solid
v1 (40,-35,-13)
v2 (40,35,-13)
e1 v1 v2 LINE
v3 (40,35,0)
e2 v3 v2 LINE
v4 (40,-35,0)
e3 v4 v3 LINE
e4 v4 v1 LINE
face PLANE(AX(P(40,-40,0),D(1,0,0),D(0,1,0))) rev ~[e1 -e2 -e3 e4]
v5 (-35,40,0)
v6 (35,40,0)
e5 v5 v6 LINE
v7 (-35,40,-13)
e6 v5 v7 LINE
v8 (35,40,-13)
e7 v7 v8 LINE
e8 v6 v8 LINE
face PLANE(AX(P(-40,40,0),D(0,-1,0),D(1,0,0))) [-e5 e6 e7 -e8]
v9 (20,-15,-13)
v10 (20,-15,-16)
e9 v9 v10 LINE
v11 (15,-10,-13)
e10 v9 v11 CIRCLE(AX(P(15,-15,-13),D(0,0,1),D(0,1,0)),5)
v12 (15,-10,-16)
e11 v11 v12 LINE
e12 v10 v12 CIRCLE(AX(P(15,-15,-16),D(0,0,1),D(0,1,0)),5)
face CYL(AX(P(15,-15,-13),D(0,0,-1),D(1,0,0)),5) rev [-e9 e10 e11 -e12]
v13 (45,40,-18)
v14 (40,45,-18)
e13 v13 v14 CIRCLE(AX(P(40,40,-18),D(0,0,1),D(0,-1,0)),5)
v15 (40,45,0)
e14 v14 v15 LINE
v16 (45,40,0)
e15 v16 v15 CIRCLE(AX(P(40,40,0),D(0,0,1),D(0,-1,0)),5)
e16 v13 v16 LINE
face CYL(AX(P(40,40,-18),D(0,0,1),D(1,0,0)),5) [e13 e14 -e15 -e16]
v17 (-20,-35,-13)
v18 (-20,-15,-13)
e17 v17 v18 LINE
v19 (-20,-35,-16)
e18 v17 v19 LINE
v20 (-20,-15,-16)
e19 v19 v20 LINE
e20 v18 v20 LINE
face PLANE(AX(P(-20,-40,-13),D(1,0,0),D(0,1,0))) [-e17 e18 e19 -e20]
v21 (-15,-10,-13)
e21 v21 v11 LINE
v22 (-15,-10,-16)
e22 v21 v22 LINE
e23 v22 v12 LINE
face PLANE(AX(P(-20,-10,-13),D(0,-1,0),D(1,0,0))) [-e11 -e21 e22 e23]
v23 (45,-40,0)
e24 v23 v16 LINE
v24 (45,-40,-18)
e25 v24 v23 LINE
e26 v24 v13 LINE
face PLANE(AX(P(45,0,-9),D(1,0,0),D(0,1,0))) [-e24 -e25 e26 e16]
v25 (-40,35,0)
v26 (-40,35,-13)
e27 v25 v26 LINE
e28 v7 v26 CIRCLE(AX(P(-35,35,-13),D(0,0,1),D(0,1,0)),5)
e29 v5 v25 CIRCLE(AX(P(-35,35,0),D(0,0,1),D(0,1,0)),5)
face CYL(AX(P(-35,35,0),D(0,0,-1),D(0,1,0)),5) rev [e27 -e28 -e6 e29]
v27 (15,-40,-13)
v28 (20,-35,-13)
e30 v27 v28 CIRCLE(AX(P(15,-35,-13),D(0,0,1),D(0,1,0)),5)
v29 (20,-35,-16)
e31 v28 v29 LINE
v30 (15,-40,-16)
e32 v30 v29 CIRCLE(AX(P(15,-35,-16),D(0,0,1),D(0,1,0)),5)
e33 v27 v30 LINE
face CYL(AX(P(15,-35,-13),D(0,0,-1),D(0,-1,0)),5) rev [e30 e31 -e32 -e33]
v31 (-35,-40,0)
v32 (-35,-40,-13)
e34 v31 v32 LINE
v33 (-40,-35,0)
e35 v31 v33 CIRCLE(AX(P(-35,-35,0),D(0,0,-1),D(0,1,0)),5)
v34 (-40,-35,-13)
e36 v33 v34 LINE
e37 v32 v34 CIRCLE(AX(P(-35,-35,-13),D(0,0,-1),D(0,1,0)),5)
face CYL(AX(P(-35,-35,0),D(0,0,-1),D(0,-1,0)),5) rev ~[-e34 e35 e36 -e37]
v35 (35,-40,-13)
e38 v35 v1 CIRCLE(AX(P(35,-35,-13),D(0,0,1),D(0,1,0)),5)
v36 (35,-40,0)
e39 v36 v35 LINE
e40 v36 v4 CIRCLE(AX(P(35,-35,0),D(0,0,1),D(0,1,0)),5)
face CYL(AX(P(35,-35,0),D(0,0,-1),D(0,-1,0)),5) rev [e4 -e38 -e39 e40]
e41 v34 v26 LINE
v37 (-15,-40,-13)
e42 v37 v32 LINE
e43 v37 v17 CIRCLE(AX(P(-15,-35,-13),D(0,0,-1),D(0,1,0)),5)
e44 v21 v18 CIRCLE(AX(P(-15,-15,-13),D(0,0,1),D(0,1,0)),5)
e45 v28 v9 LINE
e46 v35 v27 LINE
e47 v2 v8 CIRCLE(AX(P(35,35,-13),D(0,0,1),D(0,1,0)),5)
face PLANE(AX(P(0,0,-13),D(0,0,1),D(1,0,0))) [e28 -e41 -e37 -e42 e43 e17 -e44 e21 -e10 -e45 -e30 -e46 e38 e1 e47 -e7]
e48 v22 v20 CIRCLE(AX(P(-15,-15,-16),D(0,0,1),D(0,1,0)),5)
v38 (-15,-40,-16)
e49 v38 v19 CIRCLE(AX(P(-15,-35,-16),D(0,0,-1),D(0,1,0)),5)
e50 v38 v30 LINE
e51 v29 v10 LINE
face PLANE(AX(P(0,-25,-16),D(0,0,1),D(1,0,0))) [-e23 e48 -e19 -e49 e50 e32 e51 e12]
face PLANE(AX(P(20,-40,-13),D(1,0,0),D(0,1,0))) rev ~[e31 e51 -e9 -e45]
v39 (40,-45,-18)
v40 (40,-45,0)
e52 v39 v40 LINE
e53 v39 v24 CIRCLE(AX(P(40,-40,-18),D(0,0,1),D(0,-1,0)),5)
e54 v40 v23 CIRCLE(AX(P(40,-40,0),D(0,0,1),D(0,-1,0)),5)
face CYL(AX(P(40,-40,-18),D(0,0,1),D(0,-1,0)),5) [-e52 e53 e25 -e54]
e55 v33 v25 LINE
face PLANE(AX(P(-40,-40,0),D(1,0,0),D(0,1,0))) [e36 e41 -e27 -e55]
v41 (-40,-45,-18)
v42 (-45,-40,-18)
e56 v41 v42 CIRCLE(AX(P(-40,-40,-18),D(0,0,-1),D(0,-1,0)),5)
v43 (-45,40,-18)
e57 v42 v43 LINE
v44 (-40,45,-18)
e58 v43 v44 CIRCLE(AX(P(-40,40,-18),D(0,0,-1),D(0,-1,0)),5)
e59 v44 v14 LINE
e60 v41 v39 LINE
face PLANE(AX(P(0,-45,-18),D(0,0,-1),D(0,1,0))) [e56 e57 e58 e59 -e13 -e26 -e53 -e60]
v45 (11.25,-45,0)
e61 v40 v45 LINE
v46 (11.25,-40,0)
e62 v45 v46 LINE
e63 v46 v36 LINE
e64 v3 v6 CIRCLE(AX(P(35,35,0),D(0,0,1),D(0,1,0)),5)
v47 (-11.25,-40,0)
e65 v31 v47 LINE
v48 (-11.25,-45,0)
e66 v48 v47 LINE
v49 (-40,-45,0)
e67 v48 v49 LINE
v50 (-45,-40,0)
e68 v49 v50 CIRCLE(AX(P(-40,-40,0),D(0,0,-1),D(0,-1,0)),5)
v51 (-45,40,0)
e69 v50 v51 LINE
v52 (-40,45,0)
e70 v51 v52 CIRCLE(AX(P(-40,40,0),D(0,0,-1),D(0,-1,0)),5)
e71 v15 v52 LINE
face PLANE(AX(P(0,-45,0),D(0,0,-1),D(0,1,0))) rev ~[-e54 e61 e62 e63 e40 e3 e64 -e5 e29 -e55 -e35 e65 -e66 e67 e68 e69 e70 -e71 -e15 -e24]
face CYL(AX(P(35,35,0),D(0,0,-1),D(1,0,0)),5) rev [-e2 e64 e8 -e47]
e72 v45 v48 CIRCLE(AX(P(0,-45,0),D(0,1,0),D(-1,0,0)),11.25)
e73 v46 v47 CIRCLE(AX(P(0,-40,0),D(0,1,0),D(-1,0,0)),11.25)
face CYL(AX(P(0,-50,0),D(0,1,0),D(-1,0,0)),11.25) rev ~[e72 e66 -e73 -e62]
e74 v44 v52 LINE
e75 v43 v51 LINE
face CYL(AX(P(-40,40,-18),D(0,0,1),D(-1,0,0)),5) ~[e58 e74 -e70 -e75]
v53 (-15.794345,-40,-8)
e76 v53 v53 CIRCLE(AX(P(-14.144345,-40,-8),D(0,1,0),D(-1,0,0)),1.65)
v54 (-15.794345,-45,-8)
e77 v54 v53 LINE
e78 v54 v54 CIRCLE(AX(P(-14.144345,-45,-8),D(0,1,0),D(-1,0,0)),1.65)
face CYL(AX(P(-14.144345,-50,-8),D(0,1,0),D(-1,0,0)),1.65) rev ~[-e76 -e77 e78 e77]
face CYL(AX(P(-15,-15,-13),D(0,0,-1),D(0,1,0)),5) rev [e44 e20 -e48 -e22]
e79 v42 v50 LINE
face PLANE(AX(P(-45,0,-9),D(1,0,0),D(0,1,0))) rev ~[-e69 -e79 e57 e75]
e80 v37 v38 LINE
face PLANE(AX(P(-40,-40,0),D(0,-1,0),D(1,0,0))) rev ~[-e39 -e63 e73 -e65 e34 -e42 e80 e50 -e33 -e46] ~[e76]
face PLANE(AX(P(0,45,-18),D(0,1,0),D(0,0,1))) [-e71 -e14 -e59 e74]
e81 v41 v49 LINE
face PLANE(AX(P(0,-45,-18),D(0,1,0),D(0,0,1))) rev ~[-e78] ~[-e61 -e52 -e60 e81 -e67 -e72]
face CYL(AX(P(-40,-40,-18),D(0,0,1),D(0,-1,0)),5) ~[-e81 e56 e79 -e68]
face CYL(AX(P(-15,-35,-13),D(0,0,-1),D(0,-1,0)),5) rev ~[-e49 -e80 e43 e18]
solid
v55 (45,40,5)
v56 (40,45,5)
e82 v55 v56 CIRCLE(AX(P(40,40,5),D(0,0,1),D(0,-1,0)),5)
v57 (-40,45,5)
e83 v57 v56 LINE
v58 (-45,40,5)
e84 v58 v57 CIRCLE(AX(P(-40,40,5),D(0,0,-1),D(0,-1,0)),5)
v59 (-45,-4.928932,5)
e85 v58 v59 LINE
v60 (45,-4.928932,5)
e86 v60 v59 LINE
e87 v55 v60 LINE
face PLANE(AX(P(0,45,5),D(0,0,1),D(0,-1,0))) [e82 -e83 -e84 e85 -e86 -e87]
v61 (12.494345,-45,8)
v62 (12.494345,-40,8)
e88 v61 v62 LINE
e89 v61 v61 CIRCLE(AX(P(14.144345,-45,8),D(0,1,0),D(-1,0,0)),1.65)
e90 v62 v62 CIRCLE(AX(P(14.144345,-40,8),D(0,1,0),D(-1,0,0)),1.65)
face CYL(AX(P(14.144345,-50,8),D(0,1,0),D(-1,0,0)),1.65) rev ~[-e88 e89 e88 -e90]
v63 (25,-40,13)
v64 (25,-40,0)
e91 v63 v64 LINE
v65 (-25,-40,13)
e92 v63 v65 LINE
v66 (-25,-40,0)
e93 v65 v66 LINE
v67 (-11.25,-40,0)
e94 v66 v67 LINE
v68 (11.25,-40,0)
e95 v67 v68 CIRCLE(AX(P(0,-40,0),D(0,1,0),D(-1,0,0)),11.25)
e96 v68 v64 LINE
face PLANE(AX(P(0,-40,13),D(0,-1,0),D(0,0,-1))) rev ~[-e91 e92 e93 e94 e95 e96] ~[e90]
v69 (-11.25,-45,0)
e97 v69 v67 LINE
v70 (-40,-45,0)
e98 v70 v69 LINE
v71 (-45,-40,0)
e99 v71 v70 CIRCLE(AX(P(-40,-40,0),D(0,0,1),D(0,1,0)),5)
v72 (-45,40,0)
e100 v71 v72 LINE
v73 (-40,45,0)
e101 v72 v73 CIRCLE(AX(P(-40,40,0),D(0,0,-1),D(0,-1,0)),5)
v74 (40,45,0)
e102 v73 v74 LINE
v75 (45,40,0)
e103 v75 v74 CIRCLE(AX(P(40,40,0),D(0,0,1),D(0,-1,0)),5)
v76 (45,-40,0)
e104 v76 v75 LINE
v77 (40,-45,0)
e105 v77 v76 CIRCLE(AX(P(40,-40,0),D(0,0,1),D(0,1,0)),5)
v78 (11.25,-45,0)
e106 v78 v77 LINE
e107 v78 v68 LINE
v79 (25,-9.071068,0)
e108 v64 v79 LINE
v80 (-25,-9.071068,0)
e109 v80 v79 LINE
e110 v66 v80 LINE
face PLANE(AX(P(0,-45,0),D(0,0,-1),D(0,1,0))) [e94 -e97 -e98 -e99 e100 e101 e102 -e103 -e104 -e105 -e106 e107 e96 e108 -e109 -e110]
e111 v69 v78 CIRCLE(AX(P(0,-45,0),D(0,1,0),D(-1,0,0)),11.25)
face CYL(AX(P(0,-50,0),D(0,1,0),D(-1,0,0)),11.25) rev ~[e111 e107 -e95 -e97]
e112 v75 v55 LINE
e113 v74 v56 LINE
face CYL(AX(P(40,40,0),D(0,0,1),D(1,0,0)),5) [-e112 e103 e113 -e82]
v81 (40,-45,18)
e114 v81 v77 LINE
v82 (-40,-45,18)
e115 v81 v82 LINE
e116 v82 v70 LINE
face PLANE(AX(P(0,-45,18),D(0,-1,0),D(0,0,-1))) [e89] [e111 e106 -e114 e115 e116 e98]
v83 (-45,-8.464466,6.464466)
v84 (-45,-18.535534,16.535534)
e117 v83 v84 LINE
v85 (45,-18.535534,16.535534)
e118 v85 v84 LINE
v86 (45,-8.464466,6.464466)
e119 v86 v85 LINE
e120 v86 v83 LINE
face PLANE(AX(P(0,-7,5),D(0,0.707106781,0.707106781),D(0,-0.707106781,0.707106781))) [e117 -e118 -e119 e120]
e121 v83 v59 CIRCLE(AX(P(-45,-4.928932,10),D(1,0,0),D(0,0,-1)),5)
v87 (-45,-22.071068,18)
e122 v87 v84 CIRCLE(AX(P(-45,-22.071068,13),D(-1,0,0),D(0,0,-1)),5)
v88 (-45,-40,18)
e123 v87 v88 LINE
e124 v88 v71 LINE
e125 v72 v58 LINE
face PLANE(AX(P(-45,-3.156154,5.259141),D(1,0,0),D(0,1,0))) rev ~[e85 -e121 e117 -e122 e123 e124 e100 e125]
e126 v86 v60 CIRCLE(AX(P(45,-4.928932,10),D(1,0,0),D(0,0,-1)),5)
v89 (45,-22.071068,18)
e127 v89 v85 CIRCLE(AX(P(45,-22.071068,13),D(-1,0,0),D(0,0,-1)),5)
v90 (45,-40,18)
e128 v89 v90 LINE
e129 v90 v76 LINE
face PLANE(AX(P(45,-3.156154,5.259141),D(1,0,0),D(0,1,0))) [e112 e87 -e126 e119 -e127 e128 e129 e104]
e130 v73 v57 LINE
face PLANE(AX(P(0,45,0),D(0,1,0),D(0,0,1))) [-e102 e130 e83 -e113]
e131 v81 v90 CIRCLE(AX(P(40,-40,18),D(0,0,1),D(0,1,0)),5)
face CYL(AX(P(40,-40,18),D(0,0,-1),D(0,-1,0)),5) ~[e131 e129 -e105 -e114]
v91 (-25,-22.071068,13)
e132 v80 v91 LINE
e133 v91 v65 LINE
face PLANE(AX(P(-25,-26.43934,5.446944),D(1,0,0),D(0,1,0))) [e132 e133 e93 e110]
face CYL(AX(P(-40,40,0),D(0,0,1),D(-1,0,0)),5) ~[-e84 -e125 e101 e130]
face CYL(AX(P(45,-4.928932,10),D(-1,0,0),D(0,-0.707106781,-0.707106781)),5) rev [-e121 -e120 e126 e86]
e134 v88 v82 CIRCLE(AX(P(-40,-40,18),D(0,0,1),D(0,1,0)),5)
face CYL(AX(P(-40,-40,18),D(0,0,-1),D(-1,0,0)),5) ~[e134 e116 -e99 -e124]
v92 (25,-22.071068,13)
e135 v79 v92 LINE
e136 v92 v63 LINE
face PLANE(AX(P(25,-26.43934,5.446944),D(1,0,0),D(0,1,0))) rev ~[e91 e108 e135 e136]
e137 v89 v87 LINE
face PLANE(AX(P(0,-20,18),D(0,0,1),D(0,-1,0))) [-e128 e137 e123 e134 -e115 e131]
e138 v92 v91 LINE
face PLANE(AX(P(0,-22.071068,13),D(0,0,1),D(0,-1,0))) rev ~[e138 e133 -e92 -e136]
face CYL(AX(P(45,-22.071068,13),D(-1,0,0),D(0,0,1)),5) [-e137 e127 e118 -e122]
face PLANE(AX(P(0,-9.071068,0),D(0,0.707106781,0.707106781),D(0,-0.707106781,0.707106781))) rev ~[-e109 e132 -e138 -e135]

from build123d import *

# Parameters (mm, degrees)
F0_W        = 90
F0_H        = 18
F1_DEPTH    = 45
F3_DEPTH    = 45
F4_W        = 80
F4_H        = 80
F5_DEPTH    = 13
F6_W        = 40
F6_H        = 30
F7_DEPTH    = 3
F9_D        = 22.5
F9_DEPTH    = 5
F9_TIP      = 6.7596819641
F9_2_D      = 22.5
F9_2_DEPTH  = 5
F9_2_TIP    = 6.7596819641
F11_DEPTH   = 25
F12_R       = 5
F13_R       = 5
F13_2_R     = 5
F14_D       = 3.3
F14_DEPTH   = 5
F14_TIP     = 0.9914200214
F14_2_D     = 3.3
F14_2_DEPTH = 5
F14_2_TIP   = 0.9914200214
F15_R       = 5


with BuildPart() as f1:
    # F0 (on Right) → F1 (new body, symmetric)
    with BuildSketch(Plane.YZ):
        with Locations((0, -9)):
            Rectangle(F0_W, F0_H)
    extrude(amount=F1_DEPTH, both=True)

    # F4 (on face) → F5 (cut)
    with BuildSketch(Plane.XY):
        Rectangle(F4_W, F4_H)
    extrude(amount=-F5_DEPTH, mode=Mode.SUBTRACT)

    # F6 (on face) → F7 (cut)
    with BuildSketch(Plane.XY.offset(-13)):
        with Locations((0, -25)):
            Rectangle(F6_W, F6_H)
    extrude(amount=-F7_DEPTH, mode=Mode.SUBTRACT)

    # F9
    with Locations(Plane.XZ.offset(45)):
        with Locations((0, 0)):
            Hole(F9_D / 2, depth=F9_DEPTH)
            with Locations((0, 0, -(F9_DEPTH + F9_TIP / 2))):  # 118° drill point
                Cone(0, F9_D / 2, F9_TIP, mode=Mode.SUBTRACT)

    # F13#2
    f13_2_edges = [f1.edges().sort_by_distance(p)[0] for p in [
        (45, -45, -9),
        (45, 45, -9),
        (-45, 45, -9),
        (-45, -45, -9),
    ]]
    fillet(f13_2_edges, radius=F13_2_R)

    # F14
    with Locations(Plane.XZ.offset(45)):
        with Locations((-14.1443451598, -8), (14.1443451598, 8)):
            Hole(F14_D / 2, depth=F14_DEPTH)
            with Locations((0, 0, -(F14_DEPTH + F14_TIP / 2))):  # 118° drill point
                Cone(0, F14_D / 2, F14_TIP, mode=Mode.SUBTRACT)

    # F15
    f15_edges = [f1.edges().sort_by_distance(p)[0] for p in [
        (-40, 40, -6.5),
        (40, 40, -6.5),
        (-40, -40, -6.5),
        (40, -40, -6.5),
        (-20, -10, -14.5),
        (20, -10, -14.5),
        (20, -40, -14.5),
        (-20, -40, -14.5),
    ]]
    fillet(f15_edges, radius=F15_R)


with BuildPart() as f3:
    # F2 (on Right) → F3 (new body, symmetric)
    with BuildSketch(Plane.YZ):
        Polygon((-45, 18), (-45, 0), (45, 0), (45, 5), (-7, 5), (-20, 18), align=None)
    extrude(amount=F3_DEPTH, both=True)

    # F9#2
    with Locations(Plane.XZ.offset(45)):
        with Locations((0, 0)):
            Hole(F9_2_D / 2, depth=F9_2_DEPTH)
            with Locations((0, 0, -(F9_2_DEPTH + F9_2_TIP / 2))):  # 118° drill point
                Cone(0, F9_2_D / 2, F9_2_TIP, mode=Mode.SUBTRACT)

    # F10 (on Right) → F11 (cut, symmetric)
    with BuildSketch(Plane.YZ):
        Polygon((-40, 13), (-40, 0), (-9.0710678119, 0), (-22.0710678119, 13), align=None)
    extrude(amount=F11_DEPTH, both=True, mode=Mode.SUBTRACT)

    # F12
    f12_edges = [f3.edges().sort_by_distance(p)[0] for p in [
        (0, -20, 18),
        (0, -7, 5),
    ]]
    fillet(f12_edges, radius=F12_R)

    # F13
    f13_edges = [f3.edges().sort_by_distance(p)[0] for p in [
        (45, -45, 9),
        (45, 45, 2.5),
        (-45, 45, 2.5),
        (-45, -45, 9),
    ]]
    fillet(f13_edges, radius=F13_R)

    # F14#2
    with Locations(Plane.XZ.offset(45)):
        with Locations((-14.1443451598, -8), (14.1443451598, 8)):
            Hole(F14_2_D / 2, depth=F14_2_DEPTH)
            with Locations((0, 0, -(F14_2_DEPTH + F14_2_TIP / 2))):  # 118° drill point
                Cone(0, F14_2_D / 2, F14_2_TIP, mode=Mode.SUBTRACT)


solid = Compound([f1.part, f3.part])
